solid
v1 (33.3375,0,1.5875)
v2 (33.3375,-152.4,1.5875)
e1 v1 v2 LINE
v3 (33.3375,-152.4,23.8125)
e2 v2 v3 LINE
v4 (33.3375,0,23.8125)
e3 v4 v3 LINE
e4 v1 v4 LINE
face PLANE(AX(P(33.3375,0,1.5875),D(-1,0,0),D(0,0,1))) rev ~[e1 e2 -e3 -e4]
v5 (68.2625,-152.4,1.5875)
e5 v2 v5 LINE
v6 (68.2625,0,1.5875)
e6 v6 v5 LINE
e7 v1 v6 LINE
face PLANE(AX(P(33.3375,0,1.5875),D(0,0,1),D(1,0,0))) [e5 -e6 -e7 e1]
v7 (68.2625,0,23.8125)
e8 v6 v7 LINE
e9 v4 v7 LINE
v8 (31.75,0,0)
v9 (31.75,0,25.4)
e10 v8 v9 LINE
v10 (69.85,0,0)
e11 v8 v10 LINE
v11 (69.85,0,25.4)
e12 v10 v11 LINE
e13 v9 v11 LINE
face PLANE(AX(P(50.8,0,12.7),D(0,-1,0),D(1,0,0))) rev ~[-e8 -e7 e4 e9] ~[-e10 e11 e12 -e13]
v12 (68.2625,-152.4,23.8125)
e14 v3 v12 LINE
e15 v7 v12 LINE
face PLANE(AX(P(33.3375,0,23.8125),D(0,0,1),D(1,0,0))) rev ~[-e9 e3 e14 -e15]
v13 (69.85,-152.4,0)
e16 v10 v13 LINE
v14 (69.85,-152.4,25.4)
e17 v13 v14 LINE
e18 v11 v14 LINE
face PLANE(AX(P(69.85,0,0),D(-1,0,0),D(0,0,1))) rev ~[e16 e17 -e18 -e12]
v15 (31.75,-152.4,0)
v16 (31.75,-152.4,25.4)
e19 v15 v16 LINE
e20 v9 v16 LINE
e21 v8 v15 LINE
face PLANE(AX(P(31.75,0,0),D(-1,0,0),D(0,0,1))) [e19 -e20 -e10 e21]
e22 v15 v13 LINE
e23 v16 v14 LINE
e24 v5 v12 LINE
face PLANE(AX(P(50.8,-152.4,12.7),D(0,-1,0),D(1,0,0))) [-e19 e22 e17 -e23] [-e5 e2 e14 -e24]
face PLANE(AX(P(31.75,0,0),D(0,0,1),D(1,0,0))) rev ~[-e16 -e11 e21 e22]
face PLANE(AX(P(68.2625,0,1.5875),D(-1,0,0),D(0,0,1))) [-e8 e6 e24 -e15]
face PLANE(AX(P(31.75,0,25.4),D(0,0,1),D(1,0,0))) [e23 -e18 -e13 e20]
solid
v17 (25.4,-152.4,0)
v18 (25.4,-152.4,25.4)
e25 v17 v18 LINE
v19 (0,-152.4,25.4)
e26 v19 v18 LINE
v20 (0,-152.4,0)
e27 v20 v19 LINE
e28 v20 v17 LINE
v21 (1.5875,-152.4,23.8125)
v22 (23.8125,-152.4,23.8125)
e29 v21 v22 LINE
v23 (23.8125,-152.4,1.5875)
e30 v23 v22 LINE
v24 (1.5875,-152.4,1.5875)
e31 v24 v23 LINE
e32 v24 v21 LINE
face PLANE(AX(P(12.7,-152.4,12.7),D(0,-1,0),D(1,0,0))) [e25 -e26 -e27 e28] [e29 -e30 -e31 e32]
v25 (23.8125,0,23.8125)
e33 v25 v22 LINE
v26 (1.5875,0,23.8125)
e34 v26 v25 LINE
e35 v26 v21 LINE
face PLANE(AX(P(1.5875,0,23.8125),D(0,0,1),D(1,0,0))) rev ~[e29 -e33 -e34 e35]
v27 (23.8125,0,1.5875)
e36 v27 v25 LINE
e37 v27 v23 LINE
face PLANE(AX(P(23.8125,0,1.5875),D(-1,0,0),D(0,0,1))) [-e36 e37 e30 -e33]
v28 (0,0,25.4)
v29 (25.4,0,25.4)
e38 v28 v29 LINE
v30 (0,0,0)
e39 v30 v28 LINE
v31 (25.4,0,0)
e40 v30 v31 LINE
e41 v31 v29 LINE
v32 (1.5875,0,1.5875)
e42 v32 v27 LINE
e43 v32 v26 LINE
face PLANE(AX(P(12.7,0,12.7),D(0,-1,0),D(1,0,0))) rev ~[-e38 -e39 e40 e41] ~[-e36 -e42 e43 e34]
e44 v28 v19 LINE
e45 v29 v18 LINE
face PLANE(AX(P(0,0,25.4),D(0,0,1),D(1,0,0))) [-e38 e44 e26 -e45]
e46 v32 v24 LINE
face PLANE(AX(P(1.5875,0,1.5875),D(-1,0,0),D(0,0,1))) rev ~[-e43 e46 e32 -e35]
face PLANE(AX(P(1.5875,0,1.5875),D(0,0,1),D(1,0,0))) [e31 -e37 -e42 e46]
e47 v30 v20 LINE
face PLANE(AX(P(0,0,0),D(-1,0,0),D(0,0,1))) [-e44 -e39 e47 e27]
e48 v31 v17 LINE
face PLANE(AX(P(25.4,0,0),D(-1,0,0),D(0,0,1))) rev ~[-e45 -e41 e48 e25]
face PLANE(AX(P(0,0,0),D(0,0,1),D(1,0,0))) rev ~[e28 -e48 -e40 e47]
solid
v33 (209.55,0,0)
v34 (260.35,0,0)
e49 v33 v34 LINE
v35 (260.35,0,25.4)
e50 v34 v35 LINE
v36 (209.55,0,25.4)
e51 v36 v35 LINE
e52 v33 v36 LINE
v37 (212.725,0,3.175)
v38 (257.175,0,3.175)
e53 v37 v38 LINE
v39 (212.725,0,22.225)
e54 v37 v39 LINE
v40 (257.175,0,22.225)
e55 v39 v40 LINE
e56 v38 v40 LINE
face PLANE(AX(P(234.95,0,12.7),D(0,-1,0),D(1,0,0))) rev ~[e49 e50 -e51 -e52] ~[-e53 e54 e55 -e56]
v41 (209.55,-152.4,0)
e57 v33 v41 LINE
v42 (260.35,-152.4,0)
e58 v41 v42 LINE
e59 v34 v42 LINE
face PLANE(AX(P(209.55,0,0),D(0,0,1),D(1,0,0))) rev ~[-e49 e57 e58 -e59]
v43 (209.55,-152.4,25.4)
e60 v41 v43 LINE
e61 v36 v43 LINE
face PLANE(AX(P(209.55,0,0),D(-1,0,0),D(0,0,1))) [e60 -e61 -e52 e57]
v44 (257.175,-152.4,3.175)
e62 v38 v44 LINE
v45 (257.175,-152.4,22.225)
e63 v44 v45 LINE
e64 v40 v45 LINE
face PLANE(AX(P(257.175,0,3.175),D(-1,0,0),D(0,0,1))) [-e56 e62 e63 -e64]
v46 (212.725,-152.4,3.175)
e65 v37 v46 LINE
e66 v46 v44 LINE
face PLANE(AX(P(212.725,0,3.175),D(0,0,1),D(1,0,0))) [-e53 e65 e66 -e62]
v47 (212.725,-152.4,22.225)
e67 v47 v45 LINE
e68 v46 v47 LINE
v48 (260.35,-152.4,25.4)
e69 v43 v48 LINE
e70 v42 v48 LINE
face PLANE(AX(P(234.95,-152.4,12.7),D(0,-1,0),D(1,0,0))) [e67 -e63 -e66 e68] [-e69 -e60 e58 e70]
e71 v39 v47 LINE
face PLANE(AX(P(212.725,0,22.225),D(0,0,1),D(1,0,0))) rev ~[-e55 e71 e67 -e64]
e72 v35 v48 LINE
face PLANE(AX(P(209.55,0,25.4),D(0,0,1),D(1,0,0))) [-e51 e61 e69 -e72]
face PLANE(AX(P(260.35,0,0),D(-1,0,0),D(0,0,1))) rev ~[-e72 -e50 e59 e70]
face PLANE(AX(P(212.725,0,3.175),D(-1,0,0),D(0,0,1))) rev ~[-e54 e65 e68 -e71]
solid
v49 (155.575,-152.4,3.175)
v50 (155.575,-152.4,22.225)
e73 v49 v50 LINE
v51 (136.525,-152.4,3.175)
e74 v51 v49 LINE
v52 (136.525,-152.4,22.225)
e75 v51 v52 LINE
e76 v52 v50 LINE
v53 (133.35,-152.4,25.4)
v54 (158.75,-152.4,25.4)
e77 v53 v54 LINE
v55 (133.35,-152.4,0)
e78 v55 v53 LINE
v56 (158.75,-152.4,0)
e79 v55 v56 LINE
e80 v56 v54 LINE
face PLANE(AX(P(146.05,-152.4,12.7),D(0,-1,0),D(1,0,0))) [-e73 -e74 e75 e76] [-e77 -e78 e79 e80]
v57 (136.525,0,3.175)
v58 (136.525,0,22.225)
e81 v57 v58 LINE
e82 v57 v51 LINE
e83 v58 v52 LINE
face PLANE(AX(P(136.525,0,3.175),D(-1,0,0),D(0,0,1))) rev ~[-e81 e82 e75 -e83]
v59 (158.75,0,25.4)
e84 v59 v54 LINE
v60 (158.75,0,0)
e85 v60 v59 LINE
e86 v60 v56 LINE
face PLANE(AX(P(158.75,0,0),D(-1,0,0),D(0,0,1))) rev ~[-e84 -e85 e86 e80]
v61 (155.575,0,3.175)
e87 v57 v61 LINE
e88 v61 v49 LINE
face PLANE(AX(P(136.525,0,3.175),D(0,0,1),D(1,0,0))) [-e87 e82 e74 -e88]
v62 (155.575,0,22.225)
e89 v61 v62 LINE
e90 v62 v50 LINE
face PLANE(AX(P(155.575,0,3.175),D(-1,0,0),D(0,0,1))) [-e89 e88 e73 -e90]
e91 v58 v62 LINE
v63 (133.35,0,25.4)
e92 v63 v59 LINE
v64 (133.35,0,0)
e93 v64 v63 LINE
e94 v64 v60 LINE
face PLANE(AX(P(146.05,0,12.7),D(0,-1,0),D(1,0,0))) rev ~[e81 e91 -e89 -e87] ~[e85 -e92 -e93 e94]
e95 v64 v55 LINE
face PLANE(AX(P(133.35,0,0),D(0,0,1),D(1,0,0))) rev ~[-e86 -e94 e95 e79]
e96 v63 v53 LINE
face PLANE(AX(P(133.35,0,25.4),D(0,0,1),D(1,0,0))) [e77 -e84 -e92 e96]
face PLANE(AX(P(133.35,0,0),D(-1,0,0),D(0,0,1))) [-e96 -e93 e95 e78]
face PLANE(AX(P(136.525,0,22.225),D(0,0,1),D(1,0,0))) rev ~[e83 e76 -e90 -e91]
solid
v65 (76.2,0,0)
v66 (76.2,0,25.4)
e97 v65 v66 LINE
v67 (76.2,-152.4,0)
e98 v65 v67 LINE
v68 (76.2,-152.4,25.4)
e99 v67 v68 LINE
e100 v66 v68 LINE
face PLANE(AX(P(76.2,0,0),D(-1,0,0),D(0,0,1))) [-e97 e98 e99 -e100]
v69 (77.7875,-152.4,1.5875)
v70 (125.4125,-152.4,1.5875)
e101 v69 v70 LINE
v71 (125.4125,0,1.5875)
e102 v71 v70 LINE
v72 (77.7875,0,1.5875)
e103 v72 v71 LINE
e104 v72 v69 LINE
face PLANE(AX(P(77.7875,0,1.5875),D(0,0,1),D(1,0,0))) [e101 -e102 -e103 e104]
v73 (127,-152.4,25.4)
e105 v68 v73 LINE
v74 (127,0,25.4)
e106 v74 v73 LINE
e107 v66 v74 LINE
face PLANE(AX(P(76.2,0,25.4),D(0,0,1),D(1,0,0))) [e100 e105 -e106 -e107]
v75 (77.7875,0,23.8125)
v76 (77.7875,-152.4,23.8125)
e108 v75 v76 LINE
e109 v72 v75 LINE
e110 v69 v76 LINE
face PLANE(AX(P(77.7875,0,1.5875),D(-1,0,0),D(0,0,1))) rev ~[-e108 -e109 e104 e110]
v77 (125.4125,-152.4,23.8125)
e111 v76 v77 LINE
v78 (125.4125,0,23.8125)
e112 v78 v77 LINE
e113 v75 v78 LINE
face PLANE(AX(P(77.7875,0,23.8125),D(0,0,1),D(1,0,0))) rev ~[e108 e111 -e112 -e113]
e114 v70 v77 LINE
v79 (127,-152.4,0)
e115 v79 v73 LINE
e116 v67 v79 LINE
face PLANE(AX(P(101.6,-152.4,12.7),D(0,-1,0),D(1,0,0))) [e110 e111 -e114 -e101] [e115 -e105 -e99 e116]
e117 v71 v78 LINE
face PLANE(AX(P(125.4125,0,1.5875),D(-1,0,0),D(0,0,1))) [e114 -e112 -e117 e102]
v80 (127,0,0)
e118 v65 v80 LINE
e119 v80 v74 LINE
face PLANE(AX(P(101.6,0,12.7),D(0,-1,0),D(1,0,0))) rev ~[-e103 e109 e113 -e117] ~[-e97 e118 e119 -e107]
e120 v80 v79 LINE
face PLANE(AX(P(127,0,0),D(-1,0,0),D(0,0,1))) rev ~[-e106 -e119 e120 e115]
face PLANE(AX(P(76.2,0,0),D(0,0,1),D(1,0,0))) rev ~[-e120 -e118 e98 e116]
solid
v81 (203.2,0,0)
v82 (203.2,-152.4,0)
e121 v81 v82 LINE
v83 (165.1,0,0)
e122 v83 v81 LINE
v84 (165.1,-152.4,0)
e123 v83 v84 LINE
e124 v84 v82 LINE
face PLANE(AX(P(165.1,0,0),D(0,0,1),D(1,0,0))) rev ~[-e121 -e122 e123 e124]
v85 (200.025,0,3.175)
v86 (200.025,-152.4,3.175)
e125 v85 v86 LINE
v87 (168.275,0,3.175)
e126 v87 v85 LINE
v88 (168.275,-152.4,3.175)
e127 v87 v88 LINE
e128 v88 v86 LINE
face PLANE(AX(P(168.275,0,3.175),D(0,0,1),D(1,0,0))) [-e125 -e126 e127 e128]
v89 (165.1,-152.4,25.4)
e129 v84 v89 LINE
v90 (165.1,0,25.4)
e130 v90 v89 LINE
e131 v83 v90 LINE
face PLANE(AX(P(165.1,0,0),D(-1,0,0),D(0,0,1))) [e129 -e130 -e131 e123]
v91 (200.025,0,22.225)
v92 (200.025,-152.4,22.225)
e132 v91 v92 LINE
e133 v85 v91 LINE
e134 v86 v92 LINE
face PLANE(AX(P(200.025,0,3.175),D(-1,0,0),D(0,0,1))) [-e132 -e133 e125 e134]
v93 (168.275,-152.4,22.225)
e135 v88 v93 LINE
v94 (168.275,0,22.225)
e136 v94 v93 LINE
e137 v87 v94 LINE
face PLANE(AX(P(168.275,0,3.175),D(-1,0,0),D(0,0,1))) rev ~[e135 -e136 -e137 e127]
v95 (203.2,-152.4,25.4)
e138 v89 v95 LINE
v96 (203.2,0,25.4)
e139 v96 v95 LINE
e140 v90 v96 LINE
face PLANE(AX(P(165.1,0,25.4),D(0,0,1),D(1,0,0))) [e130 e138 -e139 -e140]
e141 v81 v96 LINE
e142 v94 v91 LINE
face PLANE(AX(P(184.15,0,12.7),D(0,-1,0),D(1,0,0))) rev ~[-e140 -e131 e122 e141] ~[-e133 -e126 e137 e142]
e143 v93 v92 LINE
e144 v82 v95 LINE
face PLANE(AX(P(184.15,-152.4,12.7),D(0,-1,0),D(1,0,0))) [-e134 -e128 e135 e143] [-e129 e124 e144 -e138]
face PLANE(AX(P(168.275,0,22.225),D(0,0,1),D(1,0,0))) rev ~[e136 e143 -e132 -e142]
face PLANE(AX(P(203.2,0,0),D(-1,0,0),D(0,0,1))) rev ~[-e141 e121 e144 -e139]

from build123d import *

# Parameters (mm, degrees)
F0_W     = 25.4
F0_H     = 25.4
F0_W_2   = 22.225
F0_H_2   = 22.225
F0_W_3   = 38.1
F0_W_4   = 34.925
F0_W_5   = 50.8
F0_W_6   = 47.625
F0_W_7   = 19.05
F0_H_3   = 19.05
F0_W_8   = 31.75
F0_W_9   = 44.45
F1_DEPTH = 152.4


with BuildPart() as f1:
    # F0 (on Front) → F1 (new body)
    with BuildSketch(Plane.XZ):
        with Locations((12.7, 12.7)):
            Rectangle(F0_W, F0_H)
        with Locations((12.7, 12.7)):
            Rectangle(F0_W_2, F0_H_2, mode=Mode.SUBTRACT)
        with Locations((50.8, 12.7)):
            Rectangle(F0_W_3, F0_H)
        with Locations((50.8, 12.7)):
            Rectangle(F0_W_4, F0_H_2, mode=Mode.SUBTRACT)
        with Locations((101.6, 12.7)):
            Rectangle(F0_W_5, F0_H)
        with Locations((101.6, 12.7)):
            Rectangle(F0_W_6, F0_H_2, mode=Mode.SUBTRACT)
        with Locations((146.05, 12.7)):
            Rectangle(F0_W, F0_H)
        with Locations((146.05, 12.7)):
            Rectangle(F0_W_7, F0_H_3, mode=Mode.SUBTRACT)
        with Locations((184.15, 12.7)):
            Rectangle(F0_W_3, F0_H)
        with Locations((184.15, 12.7)):
            Rectangle(F0_W_8, F0_H_3, mode=Mode.SUBTRACT)
        with Locations((234.95, 12.7)):
            Rectangle(F0_W_5, F0_H)
        with Locations((234.95, 12.7)):
            Rectangle(F0_W_9, F0_H_3, mode=Mode.SUBTRACT)
    extrude(amount=F1_DEPTH)


solid = f1.part
